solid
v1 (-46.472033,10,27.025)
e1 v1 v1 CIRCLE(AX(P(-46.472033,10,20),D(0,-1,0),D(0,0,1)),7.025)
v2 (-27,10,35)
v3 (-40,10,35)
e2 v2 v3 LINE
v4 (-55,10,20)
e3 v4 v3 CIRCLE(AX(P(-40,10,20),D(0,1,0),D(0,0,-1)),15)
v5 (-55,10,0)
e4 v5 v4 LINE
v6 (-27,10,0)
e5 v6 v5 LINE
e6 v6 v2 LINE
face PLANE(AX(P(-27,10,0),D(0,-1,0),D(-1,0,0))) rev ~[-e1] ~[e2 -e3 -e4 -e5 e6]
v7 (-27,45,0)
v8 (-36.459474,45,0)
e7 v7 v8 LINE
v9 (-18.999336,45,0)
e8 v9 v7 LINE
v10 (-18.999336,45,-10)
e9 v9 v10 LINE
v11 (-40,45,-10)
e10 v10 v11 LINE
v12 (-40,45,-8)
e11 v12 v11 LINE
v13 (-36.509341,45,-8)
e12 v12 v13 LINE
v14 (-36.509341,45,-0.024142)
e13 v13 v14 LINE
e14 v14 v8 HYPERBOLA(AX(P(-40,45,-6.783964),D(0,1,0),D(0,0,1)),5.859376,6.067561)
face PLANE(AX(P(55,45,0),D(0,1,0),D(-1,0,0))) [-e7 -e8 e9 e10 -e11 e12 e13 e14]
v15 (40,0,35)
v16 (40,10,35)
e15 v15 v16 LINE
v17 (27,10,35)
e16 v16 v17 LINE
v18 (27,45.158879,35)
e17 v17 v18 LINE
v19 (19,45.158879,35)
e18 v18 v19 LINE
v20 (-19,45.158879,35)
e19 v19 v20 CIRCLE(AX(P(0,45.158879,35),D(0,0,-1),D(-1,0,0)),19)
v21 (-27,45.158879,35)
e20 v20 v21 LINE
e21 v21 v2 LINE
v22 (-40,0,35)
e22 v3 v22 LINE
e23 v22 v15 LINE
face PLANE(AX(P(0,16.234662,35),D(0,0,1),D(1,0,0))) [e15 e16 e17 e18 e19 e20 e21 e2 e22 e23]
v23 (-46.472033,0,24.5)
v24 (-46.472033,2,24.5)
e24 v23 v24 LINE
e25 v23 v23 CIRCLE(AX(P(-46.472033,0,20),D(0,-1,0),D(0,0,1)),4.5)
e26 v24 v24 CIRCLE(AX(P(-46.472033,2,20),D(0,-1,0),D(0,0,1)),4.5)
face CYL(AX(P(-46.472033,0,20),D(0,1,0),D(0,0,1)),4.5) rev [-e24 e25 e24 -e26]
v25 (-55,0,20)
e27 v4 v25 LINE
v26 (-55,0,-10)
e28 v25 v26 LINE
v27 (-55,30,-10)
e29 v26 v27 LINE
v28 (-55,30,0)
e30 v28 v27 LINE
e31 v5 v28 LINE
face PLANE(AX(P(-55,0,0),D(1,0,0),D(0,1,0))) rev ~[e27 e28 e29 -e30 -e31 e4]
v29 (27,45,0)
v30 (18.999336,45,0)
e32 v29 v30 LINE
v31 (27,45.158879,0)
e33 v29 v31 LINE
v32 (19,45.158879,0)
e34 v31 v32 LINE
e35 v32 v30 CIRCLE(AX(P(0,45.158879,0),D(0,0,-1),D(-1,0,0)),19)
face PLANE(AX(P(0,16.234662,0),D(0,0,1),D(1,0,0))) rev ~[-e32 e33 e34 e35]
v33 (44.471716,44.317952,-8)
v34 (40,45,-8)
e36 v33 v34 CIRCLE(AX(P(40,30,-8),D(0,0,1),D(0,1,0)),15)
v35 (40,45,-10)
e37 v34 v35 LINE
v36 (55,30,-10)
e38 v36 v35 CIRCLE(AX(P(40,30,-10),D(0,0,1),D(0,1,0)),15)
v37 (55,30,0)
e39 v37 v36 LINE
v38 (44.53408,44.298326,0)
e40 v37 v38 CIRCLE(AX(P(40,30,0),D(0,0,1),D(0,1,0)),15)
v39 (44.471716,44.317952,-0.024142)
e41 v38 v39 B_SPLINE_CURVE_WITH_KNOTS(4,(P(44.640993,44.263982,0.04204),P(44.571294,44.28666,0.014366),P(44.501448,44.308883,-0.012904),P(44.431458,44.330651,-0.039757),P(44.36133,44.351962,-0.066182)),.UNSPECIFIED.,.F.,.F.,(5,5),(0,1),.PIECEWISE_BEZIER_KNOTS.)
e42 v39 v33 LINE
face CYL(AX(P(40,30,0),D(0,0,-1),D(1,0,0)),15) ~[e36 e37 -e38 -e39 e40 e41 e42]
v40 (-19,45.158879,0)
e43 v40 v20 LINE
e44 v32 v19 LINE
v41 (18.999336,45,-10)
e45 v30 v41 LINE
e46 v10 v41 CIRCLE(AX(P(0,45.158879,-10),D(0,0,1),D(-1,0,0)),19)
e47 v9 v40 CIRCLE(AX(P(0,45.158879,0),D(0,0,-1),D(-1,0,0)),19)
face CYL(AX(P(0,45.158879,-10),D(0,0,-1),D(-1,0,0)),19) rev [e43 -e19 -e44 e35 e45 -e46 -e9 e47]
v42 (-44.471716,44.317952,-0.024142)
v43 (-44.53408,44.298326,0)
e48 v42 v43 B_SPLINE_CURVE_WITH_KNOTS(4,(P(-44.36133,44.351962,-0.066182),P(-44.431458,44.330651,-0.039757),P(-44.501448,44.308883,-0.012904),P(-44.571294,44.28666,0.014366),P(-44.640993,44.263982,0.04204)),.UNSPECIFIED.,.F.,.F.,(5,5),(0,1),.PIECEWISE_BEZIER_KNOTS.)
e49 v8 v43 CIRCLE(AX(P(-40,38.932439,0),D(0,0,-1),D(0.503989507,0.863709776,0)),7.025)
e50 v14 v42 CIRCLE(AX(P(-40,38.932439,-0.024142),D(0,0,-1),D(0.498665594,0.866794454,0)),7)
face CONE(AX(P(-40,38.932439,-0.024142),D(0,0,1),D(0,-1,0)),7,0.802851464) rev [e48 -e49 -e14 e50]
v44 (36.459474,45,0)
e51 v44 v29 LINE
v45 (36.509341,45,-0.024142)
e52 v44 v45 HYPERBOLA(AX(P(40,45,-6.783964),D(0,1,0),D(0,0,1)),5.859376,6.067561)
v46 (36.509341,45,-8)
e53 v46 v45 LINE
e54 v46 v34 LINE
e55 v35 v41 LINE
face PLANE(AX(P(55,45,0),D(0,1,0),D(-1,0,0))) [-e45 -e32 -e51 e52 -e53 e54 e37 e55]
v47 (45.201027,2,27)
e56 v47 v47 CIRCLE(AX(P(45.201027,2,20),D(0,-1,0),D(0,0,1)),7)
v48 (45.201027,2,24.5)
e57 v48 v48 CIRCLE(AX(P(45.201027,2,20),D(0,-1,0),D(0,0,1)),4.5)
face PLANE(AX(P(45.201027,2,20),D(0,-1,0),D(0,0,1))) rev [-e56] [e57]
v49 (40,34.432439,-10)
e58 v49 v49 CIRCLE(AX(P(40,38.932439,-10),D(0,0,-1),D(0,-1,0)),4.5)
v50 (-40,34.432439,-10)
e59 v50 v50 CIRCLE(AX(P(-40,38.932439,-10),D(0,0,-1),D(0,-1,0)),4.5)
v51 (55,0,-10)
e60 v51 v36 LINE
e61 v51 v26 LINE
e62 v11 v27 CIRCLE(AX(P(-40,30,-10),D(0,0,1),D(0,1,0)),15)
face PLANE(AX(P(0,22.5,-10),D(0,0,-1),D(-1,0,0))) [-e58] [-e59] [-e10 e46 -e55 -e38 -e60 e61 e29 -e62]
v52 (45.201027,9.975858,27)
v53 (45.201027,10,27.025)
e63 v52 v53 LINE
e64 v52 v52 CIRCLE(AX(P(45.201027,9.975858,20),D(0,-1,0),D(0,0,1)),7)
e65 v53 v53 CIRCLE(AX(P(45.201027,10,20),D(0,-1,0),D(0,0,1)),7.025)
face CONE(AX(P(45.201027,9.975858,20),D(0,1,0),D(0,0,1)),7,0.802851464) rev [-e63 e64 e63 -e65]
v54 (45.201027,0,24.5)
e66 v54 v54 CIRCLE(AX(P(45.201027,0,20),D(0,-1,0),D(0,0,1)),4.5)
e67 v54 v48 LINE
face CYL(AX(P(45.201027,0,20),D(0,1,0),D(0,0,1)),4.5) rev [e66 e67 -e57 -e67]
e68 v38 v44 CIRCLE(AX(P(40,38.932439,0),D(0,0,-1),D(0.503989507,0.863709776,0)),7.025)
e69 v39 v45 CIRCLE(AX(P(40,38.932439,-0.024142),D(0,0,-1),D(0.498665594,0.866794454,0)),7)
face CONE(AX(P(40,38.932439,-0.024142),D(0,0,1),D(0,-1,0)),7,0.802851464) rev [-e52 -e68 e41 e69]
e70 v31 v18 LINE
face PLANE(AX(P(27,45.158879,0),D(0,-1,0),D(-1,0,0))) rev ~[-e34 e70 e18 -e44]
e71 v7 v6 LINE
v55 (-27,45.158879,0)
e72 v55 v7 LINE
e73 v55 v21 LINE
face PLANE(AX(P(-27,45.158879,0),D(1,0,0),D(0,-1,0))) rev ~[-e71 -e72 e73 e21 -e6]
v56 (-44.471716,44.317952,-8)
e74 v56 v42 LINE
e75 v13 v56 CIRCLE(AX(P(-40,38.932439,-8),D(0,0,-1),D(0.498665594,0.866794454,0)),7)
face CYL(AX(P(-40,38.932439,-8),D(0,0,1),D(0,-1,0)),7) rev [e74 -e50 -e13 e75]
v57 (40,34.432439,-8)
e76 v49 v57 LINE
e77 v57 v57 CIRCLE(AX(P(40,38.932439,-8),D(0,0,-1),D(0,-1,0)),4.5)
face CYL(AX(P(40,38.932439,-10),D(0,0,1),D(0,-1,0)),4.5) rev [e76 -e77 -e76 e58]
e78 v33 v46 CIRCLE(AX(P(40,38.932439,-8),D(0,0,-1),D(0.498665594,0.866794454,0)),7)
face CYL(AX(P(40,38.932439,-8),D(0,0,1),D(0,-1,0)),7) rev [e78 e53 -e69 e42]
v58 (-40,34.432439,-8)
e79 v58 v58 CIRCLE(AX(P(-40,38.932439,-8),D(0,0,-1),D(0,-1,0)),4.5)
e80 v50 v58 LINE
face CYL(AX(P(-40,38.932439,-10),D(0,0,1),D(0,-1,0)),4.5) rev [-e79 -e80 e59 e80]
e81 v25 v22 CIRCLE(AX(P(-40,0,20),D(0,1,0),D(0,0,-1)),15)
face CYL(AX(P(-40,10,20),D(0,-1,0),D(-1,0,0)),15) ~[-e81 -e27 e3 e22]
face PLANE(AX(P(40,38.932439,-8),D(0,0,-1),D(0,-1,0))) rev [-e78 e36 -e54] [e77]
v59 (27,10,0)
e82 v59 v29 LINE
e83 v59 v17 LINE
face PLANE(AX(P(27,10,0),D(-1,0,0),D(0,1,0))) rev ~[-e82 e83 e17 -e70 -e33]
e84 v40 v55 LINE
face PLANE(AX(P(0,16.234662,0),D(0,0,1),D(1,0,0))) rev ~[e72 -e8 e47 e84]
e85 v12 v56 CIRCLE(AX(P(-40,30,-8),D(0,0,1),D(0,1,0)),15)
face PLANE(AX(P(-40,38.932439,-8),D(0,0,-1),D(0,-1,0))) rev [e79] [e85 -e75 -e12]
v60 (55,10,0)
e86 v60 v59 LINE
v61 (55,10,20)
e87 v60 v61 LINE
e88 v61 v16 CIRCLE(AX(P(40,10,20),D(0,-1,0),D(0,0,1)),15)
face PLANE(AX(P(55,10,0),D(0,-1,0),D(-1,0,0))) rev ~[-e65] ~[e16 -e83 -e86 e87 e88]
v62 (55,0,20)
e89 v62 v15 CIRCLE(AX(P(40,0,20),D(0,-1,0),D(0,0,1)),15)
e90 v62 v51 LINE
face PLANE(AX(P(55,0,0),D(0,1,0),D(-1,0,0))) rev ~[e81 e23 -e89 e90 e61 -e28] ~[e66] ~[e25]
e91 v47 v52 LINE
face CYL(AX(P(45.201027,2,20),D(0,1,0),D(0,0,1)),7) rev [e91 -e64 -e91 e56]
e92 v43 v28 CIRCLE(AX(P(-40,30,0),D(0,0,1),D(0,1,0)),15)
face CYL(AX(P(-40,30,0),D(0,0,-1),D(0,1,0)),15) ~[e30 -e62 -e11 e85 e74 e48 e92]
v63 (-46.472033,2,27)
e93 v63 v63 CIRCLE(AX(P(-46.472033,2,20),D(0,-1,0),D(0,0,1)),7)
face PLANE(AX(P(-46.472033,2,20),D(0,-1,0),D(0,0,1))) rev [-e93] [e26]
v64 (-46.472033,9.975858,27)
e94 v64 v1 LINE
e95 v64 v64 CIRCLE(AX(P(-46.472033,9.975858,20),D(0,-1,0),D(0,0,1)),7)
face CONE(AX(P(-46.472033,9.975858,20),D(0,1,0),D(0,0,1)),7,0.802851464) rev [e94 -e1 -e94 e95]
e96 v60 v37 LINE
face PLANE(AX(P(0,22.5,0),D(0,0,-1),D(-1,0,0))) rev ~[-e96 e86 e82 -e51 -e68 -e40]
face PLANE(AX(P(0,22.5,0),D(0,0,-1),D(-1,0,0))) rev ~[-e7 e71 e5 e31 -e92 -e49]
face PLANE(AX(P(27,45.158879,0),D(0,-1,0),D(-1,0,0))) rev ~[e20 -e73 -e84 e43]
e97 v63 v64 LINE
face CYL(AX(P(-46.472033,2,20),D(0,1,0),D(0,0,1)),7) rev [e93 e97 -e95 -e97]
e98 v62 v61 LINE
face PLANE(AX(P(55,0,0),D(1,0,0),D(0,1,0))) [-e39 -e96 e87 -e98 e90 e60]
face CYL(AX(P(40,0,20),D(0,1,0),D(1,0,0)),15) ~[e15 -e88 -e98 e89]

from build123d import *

# Parameters (mm, degrees)
EXTRUDE_1_DEPTH          = 35
SKETCH_2_W               = 110
SKETCH_2_H               = 45
EXTRUDE_2_DEPTH          = 10
CUT_EXTRUDE_1_DEPTH      = 85.198125322
CUT_EXTRUDE_1_DEPTH_BACK = 85.198125322
CUT_EXTRUDE_2_DEPTH      = 50
FILLET_2_R               = 15


with BuildPart() as part:
    # 스케치1 → 보스-돌출1 (new body)
    with BuildSketch(Plane.XY):
        Polygon((-55, 0), (55, 0), (55, 10), (27, 10), (27, 45.158878505), (-27, 45.158878505), (-27, 10), (-55, 10), align=None)
    extrude(amount=EXTRUDE_1_DEPTH)

    # 스케치2 → 보스-돌출2 (add)
    with BuildSketch(Plane(origin=(0, 0, 0), x_dir=(-1, 0, 0), z_dir=(0, 0, -1))):
        with Locations((0, 22.5)):
            Rectangle(SKETCH_2_W, SKETCH_2_H)
    extrude(amount=EXTRUDE_2_DEPTH)

    # 스케치3 → 컷-돌출1 (cut, two sides: drawn at the far end of the back side and taken through both)
    with BuildSketch(Plane.XY.offset(35).offset(-CUT_EXTRUDE_1_DEPTH_BACK)):
        with BuildLine():
            ThreePointArc((-16, 45.158878505), (0, 29.158878505), (16, 45.158878505))
            Line((16, 45.158878505), (-16, 45.158878505))
        make_face()
    extrude(amount=CUT_EXTRUDE_1_DEPTH + CUT_EXTRUDE_1_DEPTH_BACK, mode=Mode.SUBTRACT)

    # 스케치4 → 컷-돌출2 (cut)
    with BuildSketch(Plane(origin=(0, 0, -10), x_dir=(-1, 0, 0), z_dir=(0, 0, -1))):
        with BuildLine():
            Line((-19, 45.158878505), (19, 45.158878505))
            ThreePointArc((19, 45.158878505), (0, 26.158878505), (-19, 45.158878505))
        make_face()
    extrude(amount=-CUT_EXTRUDE_2_DEPTH, mode=Mode.SUBTRACT)

    # 스케치12 → M8 소켓 머리 캡 나사용 카운터보어5 (revolve, cut)
    with BuildSketch(Plane(origin=(-40, 38.932438824, 0), x_dir=(0, -1, 0), z_dir=(1, 0, 0))):
        Polygon((0, 0), (0, 10), (4.5, 10), (4.5, 8), (7, 8), (7, 0.024142219), (7.025, 0), align=None)
    revolve(axis=Axis((-40, 38.932438824, 6.35), (0, 0, -1)), mode=Mode.SUBTRACT)

    # 스케치13 → M8 소켓 머리 캡 나사용 카운터보어4 (revolve, cut)
    with BuildSketch(Plane(origin=(-46.472033472, 10, 20), x_dir=(0, 0, 1), z_dir=(1, 0, 0))):
        Polygon((0, 0), (0, 10), (4.5, 10), (4.5, 8), (7, 8), (7, 0.024142219), (7.025, 0), align=None)
    revolve(axis=Axis((-46.472033472, 16.35, 20), (0, -1, 0)), mode=Mode.SUBTRACT)

    # 스케치15 → M8 소켓 머리 캡 나사용 카운터보어3 (revolve, cut)
    with BuildSketch(Plane(origin=(45.201027452, 10, 20), x_dir=(0, 0, 1), z_dir=(1, 0, 0))):
        Polygon((0, 0), (0, 10), (4.5, 10), (4.5, 8), (7, 8), (7, 0.024142219), (7.025, 0), align=None)
    revolve(axis=Axis((45.201027452, 16.35, 20), (0, -1, 0)), mode=Mode.SUBTRACT)

    # 스케치16 → M8 소켓 머리 캡 나사용 카운터보어6 (revolve, cut)
    with BuildSketch(Plane(origin=(40, 38.932438824, 0), x_dir=(0, -1, 0), z_dir=(1, 0, 0))):
        Polygon((0, 0), (0, 10), (4.5, 10), (4.5, 8), (7, 8), (7, 0.024142219), (7.025, 0), align=None)
    revolve(axis=Axis((40, 38.932438824, 6.35), (0, 0, -1)), mode=Mode.SUBTRACT)

    # 필렛2
    fillet_2_edges = [part.edges().sort_by_distance(p)[0] for p in [
        (-55, 45, -5),
        (55, 45, -5),
        (55, 5, 35),
        (-55, 5, 35),
    ]]
    fillet(fillet_2_edges, radius=FILLET_2_R)


solid = part.part
